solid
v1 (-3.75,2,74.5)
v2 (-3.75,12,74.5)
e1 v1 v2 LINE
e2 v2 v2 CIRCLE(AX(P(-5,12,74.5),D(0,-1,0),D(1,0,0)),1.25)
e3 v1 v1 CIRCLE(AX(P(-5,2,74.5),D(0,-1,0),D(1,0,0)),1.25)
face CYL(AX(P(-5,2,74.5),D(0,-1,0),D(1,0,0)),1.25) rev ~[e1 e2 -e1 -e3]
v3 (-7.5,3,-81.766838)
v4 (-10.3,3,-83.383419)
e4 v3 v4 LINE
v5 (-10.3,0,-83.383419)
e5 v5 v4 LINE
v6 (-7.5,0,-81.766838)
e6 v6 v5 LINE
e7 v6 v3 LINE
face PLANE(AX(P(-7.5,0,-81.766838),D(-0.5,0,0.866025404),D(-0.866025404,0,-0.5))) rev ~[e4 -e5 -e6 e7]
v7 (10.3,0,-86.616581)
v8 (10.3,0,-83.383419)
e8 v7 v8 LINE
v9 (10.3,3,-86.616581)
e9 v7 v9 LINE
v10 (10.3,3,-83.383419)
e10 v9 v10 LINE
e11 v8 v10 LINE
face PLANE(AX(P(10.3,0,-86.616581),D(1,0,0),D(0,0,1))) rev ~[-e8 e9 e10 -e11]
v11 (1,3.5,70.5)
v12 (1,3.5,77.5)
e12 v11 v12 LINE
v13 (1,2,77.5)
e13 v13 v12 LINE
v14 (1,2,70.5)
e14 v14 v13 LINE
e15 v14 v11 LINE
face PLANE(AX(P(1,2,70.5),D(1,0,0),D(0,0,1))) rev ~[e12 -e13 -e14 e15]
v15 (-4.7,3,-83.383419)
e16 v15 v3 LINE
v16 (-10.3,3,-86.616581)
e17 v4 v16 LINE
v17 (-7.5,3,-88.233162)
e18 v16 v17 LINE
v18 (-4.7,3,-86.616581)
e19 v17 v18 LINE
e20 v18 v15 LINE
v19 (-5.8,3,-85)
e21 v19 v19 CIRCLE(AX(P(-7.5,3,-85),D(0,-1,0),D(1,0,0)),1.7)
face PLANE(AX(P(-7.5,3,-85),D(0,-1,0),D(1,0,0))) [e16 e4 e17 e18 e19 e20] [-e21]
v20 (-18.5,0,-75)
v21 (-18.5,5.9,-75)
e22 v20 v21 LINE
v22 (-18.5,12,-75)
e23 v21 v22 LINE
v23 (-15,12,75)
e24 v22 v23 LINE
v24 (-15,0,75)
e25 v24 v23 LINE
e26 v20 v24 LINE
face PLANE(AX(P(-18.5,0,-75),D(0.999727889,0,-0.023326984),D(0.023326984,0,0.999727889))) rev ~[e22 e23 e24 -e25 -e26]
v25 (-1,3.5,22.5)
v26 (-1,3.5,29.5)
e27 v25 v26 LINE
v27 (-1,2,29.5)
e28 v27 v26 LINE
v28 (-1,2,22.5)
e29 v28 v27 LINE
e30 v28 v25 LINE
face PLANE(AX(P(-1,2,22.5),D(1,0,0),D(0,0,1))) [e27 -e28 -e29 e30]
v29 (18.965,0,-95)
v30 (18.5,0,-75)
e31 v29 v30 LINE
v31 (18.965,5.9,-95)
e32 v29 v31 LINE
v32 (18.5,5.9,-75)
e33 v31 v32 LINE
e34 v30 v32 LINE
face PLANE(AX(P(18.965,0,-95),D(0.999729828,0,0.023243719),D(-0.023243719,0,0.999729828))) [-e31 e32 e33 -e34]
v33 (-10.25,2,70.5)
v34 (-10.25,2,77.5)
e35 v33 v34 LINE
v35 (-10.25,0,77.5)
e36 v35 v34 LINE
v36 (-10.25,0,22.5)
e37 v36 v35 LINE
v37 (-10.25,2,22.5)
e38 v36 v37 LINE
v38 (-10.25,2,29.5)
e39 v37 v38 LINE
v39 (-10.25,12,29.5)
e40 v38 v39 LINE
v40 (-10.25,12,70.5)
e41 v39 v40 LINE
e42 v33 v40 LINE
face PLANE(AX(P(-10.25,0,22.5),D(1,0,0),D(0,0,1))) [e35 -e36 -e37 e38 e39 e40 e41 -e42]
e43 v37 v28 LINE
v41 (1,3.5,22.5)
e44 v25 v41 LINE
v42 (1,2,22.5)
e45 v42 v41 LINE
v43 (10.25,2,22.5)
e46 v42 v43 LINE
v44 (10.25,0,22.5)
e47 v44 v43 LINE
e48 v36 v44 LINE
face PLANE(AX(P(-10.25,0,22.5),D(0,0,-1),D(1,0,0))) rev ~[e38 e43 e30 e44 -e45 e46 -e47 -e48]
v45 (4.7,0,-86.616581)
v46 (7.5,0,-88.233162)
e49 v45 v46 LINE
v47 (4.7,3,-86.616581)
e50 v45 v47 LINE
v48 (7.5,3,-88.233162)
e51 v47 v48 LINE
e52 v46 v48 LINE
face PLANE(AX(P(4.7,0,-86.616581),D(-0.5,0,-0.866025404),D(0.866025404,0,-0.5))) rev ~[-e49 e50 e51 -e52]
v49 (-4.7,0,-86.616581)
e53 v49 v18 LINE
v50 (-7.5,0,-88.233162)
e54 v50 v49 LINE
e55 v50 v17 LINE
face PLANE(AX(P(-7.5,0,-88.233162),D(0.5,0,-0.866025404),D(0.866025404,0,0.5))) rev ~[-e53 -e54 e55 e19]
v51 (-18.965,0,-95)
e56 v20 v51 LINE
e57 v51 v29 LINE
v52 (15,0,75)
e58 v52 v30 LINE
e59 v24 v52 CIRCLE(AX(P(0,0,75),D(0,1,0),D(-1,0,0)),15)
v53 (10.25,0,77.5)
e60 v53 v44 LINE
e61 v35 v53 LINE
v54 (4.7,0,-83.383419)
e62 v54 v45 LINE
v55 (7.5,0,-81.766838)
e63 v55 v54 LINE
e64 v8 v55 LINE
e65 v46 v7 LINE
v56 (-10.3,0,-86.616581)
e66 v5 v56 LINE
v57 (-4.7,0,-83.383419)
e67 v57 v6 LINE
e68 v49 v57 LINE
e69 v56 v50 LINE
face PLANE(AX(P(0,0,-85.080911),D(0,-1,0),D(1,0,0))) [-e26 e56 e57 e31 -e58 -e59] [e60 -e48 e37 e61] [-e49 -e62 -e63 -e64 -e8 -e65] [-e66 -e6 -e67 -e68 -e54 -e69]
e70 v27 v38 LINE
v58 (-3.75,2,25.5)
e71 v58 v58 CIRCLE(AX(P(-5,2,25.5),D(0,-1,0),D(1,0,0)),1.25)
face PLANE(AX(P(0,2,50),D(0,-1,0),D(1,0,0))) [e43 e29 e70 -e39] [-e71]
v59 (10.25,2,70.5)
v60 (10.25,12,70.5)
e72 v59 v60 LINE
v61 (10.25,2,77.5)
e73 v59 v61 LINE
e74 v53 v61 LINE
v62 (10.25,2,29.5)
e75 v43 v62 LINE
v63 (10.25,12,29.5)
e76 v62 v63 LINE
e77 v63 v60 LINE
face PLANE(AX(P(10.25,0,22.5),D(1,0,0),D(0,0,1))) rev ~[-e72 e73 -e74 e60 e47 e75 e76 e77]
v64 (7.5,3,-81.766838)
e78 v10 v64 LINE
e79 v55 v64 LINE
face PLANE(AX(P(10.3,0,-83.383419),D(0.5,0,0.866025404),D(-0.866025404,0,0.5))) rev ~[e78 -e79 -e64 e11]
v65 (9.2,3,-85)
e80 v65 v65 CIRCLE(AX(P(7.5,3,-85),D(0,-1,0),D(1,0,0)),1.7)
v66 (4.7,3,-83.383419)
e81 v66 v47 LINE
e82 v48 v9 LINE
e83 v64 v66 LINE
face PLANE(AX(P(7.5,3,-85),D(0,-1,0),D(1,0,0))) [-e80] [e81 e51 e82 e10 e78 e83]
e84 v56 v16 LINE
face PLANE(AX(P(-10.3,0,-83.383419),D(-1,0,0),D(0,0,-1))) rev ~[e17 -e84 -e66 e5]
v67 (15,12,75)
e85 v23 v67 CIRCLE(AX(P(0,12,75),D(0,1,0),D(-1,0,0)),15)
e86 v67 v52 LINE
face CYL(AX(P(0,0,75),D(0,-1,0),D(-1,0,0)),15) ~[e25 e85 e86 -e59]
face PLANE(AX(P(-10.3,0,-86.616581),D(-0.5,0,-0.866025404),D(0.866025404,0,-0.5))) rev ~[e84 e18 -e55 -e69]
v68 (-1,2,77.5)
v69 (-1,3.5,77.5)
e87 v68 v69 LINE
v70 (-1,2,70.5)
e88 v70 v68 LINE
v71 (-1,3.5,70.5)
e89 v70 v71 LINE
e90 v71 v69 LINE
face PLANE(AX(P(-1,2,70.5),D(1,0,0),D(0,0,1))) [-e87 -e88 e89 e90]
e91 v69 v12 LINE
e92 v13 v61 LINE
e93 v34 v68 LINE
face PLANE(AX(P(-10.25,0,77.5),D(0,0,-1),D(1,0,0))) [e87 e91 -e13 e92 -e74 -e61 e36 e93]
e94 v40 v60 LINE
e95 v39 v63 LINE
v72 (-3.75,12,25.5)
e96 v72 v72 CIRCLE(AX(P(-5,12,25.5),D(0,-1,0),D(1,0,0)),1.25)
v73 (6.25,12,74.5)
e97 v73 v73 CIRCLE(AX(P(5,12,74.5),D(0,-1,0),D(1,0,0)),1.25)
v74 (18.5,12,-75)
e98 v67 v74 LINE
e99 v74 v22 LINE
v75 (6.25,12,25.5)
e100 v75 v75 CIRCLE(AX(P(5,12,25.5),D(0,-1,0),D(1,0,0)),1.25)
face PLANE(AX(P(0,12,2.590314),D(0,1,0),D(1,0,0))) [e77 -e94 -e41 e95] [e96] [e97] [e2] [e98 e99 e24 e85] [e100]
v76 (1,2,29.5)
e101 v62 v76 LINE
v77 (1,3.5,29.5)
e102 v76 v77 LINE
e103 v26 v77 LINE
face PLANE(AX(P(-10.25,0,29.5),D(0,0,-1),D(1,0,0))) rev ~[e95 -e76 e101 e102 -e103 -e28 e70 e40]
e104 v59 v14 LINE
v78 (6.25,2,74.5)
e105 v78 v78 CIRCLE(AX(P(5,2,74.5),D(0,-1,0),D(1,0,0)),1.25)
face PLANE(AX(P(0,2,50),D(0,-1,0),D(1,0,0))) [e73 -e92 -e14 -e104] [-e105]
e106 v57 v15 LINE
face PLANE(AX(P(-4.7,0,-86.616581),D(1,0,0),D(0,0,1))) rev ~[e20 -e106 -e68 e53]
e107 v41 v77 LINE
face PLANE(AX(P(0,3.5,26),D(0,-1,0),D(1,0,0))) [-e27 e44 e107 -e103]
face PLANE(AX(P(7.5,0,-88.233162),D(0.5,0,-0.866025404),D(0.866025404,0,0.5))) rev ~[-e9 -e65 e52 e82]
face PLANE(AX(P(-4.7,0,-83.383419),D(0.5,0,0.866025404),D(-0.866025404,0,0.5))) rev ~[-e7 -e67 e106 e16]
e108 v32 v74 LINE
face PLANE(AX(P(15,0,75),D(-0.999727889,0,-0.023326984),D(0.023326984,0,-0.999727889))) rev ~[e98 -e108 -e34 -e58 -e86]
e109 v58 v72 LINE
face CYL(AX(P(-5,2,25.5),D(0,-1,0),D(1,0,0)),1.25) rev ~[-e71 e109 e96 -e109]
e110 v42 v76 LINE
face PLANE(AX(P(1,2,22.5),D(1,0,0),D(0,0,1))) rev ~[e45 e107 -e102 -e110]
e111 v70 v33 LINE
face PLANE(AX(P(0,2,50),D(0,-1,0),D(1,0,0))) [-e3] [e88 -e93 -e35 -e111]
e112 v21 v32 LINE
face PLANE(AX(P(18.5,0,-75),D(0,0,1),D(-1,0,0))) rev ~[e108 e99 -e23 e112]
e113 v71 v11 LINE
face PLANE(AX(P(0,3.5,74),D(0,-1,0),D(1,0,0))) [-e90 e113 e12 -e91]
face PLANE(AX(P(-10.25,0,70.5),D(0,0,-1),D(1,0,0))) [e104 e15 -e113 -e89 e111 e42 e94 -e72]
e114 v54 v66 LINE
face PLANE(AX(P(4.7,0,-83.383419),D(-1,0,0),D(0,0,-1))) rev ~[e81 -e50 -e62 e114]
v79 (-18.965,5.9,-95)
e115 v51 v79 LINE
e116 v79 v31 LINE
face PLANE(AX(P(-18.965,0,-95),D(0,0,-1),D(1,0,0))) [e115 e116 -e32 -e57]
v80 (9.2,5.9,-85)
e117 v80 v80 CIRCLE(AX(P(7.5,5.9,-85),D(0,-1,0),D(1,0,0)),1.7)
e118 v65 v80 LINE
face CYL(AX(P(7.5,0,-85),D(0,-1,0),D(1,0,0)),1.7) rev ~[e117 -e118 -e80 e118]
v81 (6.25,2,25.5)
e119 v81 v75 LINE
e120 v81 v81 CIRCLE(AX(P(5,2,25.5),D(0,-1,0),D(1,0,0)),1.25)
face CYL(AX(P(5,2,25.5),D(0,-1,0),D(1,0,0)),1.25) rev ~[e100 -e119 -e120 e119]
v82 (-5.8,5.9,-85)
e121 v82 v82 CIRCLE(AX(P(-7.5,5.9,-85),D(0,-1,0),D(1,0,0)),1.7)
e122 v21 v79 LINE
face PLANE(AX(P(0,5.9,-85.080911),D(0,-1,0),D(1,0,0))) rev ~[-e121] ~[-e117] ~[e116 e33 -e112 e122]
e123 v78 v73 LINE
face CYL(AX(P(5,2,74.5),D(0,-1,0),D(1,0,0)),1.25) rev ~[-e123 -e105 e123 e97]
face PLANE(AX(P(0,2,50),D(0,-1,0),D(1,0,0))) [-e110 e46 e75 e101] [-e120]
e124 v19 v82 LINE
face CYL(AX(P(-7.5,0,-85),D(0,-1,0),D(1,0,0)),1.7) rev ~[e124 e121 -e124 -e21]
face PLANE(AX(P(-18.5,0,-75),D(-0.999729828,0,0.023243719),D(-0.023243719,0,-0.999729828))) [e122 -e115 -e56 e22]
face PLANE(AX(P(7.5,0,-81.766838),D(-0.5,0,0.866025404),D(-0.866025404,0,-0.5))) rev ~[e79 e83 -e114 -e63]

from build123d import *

# Parameters (mm, degrees)
BOSS_EXTRUDE1_DEPTH = 12
BOSS_EXTRUDE2_DEPTH = 5.9
SKETCH3_R           = 1.7
CUT_EXTRUDE1_DEPTH  = 5.9
CUT_EXTRUDE2_DEPTH  = 3
SKETCH5_W           = 20.5
SKETCH5_H           = 41
CUT_EXTRUDE3_DEPTH  = 12
SKETCH6_W           = 20.5
SKETCH6_H           = 55
CUT_EXTRUDE4_DEPTH  = 2
SKETCH7_W           = 2
SKETCH7_H           = 7
CUT_EXTRUDE5_DEPTH  = 1.5
SKETCH8_R           = 1.25
CUT_EXTRUDE6_DEPTH  = 12


with BuildPart() as part:
    # Sketch1 → Boss-Extrude1 (new body)
    with BuildSketch(Plane(origin=(0, 0, 0), x_dir=(1, 0, 0), z_dir=(0, 1, 0))):
        with BuildLine():
            Line((18.5, 75), (-18.5, 75))
            Line((-18.5, 75), (-15, -75))
            ThreePointArc((-15, -75), (0, -90), (15, -75))
            Line((15, -75), (18.5, 75))
        make_face()
    extrude(amount=BOSS_EXTRUDE1_DEPTH)

    # Sketch2 → Boss-Extrude2 (add)
    with BuildSketch(Plane.XZ):
        Polygon((-18.965, -95), (18.965, -95), (18.5, -75), (-18.5, -75), align=None)
        with BuildLine():
            Line((-18.5, -75), (18.5, -75))
            Line((18.5, -75), (15, 75))
            ThreePointArc((15, 75), (0, 90), (-15, 75))
            Line((-15, 75), (-18.5, -75))
        make_face()
    extrude(amount=-BOSS_EXTRUDE2_DEPTH)

    # Sketch3 → Cut-Extrude1 (cut)
    with BuildSketch(Plane.XZ):
        with Locations((-7.5, -85)):
            Circle(SKETCH3_R)
        with Locations((7.5, -85)):
            Circle(SKETCH3_R)
    extrude(amount=-CUT_EXTRUDE1_DEPTH, mode=Mode.SUBTRACT)

    # Sketch4 → Cut-Extrude2 (cut)
    with BuildSketch(Plane.XZ):
        Polygon((-7.5, -81.766838493), (-10.3, -83.383419246), (-10.3, -86.616580754), (-7.5, -88.233161507), (-4.7, -86.616580754), (-4.7, -83.383419246), align=None)
        Polygon((7.5, -81.766838493), (4.7, -83.383419246), (4.7, -86.616580754), (7.5, -88.233161507), (10.3, -86.616580754), (10.3, -83.383419246), align=None)
    extrude(amount=-CUT_EXTRUDE2_DEPTH, mode=Mode.SUBTRACT)

    # Sketch5 → Cut-Extrude3 (cut)
    with BuildSketch(Plane.XZ):
        with Locations((0, 50)):
            Rectangle(SKETCH5_W, SKETCH5_H)
    extrude(amount=-CUT_EXTRUDE3_DEPTH, mode=Mode.SUBTRACT)

    # Sketch6 → Cut-Extrude4 (cut)
    with BuildSketch(Plane.XZ):
        with Locations((0, 50)):
            Rectangle(SKETCH6_W, SKETCH6_H)
    extrude(amount=-CUT_EXTRUDE4_DEPTH, mode=Mode.SUBTRACT)

    # Sketch7 → Cut-Extrude5 (cut)
    with BuildSketch(Plane.XZ.offset(-2)):
        with Locations((0, 74)):
            Rectangle(SKETCH7_W, SKETCH7_H)
        with Locations((0, 26)):
            Rectangle(SKETCH7_W, SKETCH7_H)
    extrude(amount=-CUT_EXTRUDE5_DEPTH, mode=Mode.SUBTRACT)

    # Sketch8 → Cut-Extrude6 (cut)
    with BuildSketch(Plane.XZ.offset(-2)):
        with Locations((-5, 74.5)):
            Circle(SKETCH8_R)
        with Locations((5, 74.5)):
            Circle(SKETCH8_R)
        with Locations((5, 25.5)):
            Circle(SKETCH8_R)
        with Locations((-5, 25.5)):
            Circle(SKETCH8_R)
    extrude(amount=-CUT_EXTRUDE6_DEPTH, mode=Mode.SUBTRACT)


solid = part.part
